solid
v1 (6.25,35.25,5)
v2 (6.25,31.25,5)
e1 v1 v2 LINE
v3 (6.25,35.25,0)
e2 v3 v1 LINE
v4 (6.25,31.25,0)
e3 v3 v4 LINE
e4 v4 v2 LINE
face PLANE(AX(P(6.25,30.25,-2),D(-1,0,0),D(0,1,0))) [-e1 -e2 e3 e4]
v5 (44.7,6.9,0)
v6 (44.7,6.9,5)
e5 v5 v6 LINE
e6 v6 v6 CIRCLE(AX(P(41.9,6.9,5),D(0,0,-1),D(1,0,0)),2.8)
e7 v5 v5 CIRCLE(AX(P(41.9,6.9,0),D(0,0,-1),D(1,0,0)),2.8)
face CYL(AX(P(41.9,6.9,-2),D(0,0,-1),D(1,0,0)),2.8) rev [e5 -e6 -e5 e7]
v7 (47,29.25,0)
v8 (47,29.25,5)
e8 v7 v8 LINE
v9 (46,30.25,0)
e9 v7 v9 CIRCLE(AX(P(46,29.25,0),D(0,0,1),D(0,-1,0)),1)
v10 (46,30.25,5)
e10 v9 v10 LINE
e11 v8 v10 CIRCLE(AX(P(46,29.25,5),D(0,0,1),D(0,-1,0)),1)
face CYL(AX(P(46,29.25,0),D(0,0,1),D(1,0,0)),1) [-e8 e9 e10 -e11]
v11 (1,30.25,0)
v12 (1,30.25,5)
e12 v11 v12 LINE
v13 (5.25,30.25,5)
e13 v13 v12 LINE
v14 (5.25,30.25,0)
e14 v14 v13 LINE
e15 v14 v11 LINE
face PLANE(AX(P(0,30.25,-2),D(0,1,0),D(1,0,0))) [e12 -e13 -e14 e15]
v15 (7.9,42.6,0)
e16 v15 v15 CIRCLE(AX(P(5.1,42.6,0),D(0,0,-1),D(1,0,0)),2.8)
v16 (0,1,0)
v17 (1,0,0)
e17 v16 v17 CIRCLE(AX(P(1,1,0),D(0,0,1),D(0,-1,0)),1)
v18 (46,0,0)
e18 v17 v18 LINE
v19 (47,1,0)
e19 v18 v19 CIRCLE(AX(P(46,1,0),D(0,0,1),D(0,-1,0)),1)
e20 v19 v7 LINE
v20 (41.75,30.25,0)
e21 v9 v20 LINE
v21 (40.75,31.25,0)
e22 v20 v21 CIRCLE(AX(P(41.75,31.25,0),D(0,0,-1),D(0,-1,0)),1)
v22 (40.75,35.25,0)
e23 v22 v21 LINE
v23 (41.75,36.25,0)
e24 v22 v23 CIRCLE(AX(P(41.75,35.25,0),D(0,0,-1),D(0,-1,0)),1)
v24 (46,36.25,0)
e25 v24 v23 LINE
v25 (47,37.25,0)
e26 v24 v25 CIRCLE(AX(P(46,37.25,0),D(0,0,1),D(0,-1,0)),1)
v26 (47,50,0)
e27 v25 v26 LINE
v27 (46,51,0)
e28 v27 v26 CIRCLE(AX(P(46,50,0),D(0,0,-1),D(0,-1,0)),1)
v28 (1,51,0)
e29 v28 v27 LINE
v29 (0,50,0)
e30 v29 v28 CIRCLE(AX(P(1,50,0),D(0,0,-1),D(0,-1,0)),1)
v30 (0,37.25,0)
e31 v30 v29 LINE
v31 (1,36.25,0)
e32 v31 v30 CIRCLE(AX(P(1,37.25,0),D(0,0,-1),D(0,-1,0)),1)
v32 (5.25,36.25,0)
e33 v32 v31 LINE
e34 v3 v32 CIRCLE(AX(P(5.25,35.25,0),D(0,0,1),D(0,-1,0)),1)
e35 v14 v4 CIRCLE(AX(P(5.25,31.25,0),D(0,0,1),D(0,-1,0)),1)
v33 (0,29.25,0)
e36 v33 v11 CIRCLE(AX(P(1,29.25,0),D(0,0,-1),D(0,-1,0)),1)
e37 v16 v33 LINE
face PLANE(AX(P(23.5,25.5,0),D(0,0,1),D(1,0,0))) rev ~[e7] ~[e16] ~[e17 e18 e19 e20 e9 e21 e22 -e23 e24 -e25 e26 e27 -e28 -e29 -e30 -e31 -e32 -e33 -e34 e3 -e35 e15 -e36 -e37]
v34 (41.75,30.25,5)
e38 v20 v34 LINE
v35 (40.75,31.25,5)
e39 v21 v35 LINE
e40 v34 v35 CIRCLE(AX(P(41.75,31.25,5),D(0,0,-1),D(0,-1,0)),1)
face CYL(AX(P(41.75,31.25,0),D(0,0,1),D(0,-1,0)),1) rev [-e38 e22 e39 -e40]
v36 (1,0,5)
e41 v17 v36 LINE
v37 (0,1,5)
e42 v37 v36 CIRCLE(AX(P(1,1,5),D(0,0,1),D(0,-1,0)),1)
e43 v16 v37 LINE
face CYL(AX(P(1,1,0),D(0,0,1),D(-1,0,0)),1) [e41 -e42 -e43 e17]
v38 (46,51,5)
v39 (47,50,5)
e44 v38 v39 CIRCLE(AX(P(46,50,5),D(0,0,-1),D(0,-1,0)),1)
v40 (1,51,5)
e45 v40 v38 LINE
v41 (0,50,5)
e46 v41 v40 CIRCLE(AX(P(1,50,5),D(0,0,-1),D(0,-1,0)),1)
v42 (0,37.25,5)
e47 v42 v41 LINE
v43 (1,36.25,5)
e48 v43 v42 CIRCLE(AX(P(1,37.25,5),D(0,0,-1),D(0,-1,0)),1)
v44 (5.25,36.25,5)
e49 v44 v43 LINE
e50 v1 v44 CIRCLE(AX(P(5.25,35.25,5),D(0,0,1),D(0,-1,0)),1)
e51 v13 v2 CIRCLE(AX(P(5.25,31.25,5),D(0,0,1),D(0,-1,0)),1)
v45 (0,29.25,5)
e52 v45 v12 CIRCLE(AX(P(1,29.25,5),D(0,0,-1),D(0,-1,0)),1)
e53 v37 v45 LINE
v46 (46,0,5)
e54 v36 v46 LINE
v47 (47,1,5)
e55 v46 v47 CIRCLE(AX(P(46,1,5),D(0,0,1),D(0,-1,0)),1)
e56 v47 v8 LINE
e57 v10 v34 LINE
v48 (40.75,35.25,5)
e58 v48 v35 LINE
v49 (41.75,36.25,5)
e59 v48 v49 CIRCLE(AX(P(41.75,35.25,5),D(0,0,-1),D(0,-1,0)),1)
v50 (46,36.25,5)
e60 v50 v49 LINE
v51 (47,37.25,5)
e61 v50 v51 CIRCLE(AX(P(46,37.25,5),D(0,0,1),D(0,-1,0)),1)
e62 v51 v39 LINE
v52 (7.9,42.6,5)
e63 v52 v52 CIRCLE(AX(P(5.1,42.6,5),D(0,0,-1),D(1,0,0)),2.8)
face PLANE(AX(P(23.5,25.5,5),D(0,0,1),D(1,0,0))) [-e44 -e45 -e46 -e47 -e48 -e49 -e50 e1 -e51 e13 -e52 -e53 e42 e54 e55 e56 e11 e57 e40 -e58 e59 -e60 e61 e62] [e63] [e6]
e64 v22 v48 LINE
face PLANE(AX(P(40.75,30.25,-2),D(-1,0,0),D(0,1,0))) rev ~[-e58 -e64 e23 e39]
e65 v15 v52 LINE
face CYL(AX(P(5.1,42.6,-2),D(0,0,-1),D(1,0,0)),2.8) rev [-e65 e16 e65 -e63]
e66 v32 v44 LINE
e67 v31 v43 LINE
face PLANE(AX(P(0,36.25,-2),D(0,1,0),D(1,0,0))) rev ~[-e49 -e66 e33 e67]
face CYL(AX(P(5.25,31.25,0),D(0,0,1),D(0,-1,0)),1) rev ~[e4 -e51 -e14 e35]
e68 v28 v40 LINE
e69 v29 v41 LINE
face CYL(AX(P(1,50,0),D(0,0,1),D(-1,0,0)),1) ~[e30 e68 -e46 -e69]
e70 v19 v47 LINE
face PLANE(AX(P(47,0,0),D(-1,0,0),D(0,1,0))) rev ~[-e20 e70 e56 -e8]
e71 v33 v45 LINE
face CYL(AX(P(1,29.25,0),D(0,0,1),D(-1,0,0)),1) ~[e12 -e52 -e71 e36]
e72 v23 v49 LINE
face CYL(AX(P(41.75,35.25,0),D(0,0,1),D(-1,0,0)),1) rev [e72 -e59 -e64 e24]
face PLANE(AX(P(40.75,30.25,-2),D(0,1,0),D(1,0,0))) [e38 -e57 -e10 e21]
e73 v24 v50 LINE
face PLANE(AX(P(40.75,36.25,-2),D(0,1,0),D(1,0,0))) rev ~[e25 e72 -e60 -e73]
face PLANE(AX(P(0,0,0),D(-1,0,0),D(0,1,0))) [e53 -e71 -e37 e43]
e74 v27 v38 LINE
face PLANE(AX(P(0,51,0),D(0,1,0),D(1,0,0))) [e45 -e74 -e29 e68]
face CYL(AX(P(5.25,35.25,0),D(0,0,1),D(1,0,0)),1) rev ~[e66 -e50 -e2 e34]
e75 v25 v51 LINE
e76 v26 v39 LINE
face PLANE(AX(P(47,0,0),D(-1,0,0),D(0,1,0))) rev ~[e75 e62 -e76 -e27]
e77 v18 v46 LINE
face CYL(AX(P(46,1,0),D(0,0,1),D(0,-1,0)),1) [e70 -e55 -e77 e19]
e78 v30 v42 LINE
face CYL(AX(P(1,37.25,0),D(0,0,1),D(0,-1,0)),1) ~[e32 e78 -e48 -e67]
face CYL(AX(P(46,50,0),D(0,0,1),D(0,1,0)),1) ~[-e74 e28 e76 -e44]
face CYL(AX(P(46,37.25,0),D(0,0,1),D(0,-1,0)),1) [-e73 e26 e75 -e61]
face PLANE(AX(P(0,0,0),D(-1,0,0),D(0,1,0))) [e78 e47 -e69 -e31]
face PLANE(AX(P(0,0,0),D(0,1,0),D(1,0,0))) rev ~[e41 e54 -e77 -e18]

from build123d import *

# Parameters (mm, degrees)
BOX002_W          = 6.25
BOX002_H          = 6
BOX002_DEPTH      = 10
BOX001_W          = 6.25
BOX001_H          = 6
BOX001_DEPTH      = 10
CYLINDER001_R     = 2.8
CYLINDER001_DEPTH = 10
CYLINDER_R        = 2.8
CYLINDER_DEPTH    = 10
BOX_W             = 47
BOX_H             = 51
BOX_DEPTH         = 5
FILLET_R          = 1
FILLET001_R       = 1
FILLET002_R       = 1


with BuildPart() as cube002:
    # Box002 → Box002 (new body)
    with BuildSketch(Plane(origin=(40.75, 30.25, -2), x_dir=(1, 0, 0), z_dir=(0, 0, 1))):
        with Locations((3.125, 3)):
            Rectangle(BOX002_W, BOX002_H)
    extrude(amount=BOX002_DEPTH)


with BuildPart() as fusion:
    # Box001 → Box001 (new body)
    with BuildSketch(Plane(origin=(0, 30.25, -2), x_dir=(1, 0, 0), z_dir=(0, 0, 1))):
        with Locations((3.125, 3)):
            Rectangle(BOX001_W, BOX001_H)
    extrude(amount=BOX001_DEPTH)

    # Fusion: union Cube002
    add(cube002.part)


with BuildPart() as cylinder001:
    # Cylinder001 → Cylinder001 (new body)
    with BuildSketch(Plane(origin=(41.9, 6.9, -2), x_dir=(1, 0, 0), z_dir=(0, 0, 1))):
        Circle(CYLINDER001_R)
    extrude(amount=CYLINDER001_DEPTH)


with BuildPart() as cylinder:
    # Cylinder → Cylinder (new body)
    with BuildSketch(Plane(origin=(5.1, 42.6, -2), x_dir=(1, 0, 0), z_dir=(0, 0, 1))):
        Circle(CYLINDER_R)
    extrude(amount=CYLINDER_DEPTH)


with BuildPart() as fillet002:
    # Box → Box (new body)
    with BuildSketch(Plane.XY):
        with Locations((23.5, 25.5)):
            Rectangle(BOX_W, BOX_H)
    extrude(amount=BOX_DEPTH)

    # Cut: cut Cylinder
    add(cylinder.part, mode=Mode.SUBTRACT)

    # Cut001: cut Cylinder001
    add(cylinder001.part, mode=Mode.SUBTRACT)

    # Cut002: cut Fusion
    add(fusion.part, mode=Mode.SUBTRACT)

    # Fillet
    fillet_edges = [fillet002.edges().sort_by_distance(p)[0] for p in [
        (0, 0, 2.5),
        (47, 0, 2.5),
        (0, 51, 2.5),
        (47, 51, 2.5),
    ]]
    fillet(fillet_edges, radius=FILLET_R)

    # Fillet001
    fillet001_edges = [fillet002.edges().sort_by_distance(p)[0] for p in [
        (0, 30.25, 2.5),
        (0, 36.25, 2.5),
        (47, 30.25, 2.5),
        (47, 36.25, 2.5),
    ]]
    fillet(fillet001_edges, radius=FILLET001_R)

    # Fillet002
    fillet002_edges = [fillet002.edges().sort_by_distance(p)[0] for p in [
        (6.25, 30.25, 2.5),
        (6.25, 36.25, 2.5),
        (40.75, 30.25, 2.5),
        (40.75, 36.25, 2.5),
    ]]
    fillet(fillet002_edges, radius=FILLET002_R)


solid = fillet002.part
